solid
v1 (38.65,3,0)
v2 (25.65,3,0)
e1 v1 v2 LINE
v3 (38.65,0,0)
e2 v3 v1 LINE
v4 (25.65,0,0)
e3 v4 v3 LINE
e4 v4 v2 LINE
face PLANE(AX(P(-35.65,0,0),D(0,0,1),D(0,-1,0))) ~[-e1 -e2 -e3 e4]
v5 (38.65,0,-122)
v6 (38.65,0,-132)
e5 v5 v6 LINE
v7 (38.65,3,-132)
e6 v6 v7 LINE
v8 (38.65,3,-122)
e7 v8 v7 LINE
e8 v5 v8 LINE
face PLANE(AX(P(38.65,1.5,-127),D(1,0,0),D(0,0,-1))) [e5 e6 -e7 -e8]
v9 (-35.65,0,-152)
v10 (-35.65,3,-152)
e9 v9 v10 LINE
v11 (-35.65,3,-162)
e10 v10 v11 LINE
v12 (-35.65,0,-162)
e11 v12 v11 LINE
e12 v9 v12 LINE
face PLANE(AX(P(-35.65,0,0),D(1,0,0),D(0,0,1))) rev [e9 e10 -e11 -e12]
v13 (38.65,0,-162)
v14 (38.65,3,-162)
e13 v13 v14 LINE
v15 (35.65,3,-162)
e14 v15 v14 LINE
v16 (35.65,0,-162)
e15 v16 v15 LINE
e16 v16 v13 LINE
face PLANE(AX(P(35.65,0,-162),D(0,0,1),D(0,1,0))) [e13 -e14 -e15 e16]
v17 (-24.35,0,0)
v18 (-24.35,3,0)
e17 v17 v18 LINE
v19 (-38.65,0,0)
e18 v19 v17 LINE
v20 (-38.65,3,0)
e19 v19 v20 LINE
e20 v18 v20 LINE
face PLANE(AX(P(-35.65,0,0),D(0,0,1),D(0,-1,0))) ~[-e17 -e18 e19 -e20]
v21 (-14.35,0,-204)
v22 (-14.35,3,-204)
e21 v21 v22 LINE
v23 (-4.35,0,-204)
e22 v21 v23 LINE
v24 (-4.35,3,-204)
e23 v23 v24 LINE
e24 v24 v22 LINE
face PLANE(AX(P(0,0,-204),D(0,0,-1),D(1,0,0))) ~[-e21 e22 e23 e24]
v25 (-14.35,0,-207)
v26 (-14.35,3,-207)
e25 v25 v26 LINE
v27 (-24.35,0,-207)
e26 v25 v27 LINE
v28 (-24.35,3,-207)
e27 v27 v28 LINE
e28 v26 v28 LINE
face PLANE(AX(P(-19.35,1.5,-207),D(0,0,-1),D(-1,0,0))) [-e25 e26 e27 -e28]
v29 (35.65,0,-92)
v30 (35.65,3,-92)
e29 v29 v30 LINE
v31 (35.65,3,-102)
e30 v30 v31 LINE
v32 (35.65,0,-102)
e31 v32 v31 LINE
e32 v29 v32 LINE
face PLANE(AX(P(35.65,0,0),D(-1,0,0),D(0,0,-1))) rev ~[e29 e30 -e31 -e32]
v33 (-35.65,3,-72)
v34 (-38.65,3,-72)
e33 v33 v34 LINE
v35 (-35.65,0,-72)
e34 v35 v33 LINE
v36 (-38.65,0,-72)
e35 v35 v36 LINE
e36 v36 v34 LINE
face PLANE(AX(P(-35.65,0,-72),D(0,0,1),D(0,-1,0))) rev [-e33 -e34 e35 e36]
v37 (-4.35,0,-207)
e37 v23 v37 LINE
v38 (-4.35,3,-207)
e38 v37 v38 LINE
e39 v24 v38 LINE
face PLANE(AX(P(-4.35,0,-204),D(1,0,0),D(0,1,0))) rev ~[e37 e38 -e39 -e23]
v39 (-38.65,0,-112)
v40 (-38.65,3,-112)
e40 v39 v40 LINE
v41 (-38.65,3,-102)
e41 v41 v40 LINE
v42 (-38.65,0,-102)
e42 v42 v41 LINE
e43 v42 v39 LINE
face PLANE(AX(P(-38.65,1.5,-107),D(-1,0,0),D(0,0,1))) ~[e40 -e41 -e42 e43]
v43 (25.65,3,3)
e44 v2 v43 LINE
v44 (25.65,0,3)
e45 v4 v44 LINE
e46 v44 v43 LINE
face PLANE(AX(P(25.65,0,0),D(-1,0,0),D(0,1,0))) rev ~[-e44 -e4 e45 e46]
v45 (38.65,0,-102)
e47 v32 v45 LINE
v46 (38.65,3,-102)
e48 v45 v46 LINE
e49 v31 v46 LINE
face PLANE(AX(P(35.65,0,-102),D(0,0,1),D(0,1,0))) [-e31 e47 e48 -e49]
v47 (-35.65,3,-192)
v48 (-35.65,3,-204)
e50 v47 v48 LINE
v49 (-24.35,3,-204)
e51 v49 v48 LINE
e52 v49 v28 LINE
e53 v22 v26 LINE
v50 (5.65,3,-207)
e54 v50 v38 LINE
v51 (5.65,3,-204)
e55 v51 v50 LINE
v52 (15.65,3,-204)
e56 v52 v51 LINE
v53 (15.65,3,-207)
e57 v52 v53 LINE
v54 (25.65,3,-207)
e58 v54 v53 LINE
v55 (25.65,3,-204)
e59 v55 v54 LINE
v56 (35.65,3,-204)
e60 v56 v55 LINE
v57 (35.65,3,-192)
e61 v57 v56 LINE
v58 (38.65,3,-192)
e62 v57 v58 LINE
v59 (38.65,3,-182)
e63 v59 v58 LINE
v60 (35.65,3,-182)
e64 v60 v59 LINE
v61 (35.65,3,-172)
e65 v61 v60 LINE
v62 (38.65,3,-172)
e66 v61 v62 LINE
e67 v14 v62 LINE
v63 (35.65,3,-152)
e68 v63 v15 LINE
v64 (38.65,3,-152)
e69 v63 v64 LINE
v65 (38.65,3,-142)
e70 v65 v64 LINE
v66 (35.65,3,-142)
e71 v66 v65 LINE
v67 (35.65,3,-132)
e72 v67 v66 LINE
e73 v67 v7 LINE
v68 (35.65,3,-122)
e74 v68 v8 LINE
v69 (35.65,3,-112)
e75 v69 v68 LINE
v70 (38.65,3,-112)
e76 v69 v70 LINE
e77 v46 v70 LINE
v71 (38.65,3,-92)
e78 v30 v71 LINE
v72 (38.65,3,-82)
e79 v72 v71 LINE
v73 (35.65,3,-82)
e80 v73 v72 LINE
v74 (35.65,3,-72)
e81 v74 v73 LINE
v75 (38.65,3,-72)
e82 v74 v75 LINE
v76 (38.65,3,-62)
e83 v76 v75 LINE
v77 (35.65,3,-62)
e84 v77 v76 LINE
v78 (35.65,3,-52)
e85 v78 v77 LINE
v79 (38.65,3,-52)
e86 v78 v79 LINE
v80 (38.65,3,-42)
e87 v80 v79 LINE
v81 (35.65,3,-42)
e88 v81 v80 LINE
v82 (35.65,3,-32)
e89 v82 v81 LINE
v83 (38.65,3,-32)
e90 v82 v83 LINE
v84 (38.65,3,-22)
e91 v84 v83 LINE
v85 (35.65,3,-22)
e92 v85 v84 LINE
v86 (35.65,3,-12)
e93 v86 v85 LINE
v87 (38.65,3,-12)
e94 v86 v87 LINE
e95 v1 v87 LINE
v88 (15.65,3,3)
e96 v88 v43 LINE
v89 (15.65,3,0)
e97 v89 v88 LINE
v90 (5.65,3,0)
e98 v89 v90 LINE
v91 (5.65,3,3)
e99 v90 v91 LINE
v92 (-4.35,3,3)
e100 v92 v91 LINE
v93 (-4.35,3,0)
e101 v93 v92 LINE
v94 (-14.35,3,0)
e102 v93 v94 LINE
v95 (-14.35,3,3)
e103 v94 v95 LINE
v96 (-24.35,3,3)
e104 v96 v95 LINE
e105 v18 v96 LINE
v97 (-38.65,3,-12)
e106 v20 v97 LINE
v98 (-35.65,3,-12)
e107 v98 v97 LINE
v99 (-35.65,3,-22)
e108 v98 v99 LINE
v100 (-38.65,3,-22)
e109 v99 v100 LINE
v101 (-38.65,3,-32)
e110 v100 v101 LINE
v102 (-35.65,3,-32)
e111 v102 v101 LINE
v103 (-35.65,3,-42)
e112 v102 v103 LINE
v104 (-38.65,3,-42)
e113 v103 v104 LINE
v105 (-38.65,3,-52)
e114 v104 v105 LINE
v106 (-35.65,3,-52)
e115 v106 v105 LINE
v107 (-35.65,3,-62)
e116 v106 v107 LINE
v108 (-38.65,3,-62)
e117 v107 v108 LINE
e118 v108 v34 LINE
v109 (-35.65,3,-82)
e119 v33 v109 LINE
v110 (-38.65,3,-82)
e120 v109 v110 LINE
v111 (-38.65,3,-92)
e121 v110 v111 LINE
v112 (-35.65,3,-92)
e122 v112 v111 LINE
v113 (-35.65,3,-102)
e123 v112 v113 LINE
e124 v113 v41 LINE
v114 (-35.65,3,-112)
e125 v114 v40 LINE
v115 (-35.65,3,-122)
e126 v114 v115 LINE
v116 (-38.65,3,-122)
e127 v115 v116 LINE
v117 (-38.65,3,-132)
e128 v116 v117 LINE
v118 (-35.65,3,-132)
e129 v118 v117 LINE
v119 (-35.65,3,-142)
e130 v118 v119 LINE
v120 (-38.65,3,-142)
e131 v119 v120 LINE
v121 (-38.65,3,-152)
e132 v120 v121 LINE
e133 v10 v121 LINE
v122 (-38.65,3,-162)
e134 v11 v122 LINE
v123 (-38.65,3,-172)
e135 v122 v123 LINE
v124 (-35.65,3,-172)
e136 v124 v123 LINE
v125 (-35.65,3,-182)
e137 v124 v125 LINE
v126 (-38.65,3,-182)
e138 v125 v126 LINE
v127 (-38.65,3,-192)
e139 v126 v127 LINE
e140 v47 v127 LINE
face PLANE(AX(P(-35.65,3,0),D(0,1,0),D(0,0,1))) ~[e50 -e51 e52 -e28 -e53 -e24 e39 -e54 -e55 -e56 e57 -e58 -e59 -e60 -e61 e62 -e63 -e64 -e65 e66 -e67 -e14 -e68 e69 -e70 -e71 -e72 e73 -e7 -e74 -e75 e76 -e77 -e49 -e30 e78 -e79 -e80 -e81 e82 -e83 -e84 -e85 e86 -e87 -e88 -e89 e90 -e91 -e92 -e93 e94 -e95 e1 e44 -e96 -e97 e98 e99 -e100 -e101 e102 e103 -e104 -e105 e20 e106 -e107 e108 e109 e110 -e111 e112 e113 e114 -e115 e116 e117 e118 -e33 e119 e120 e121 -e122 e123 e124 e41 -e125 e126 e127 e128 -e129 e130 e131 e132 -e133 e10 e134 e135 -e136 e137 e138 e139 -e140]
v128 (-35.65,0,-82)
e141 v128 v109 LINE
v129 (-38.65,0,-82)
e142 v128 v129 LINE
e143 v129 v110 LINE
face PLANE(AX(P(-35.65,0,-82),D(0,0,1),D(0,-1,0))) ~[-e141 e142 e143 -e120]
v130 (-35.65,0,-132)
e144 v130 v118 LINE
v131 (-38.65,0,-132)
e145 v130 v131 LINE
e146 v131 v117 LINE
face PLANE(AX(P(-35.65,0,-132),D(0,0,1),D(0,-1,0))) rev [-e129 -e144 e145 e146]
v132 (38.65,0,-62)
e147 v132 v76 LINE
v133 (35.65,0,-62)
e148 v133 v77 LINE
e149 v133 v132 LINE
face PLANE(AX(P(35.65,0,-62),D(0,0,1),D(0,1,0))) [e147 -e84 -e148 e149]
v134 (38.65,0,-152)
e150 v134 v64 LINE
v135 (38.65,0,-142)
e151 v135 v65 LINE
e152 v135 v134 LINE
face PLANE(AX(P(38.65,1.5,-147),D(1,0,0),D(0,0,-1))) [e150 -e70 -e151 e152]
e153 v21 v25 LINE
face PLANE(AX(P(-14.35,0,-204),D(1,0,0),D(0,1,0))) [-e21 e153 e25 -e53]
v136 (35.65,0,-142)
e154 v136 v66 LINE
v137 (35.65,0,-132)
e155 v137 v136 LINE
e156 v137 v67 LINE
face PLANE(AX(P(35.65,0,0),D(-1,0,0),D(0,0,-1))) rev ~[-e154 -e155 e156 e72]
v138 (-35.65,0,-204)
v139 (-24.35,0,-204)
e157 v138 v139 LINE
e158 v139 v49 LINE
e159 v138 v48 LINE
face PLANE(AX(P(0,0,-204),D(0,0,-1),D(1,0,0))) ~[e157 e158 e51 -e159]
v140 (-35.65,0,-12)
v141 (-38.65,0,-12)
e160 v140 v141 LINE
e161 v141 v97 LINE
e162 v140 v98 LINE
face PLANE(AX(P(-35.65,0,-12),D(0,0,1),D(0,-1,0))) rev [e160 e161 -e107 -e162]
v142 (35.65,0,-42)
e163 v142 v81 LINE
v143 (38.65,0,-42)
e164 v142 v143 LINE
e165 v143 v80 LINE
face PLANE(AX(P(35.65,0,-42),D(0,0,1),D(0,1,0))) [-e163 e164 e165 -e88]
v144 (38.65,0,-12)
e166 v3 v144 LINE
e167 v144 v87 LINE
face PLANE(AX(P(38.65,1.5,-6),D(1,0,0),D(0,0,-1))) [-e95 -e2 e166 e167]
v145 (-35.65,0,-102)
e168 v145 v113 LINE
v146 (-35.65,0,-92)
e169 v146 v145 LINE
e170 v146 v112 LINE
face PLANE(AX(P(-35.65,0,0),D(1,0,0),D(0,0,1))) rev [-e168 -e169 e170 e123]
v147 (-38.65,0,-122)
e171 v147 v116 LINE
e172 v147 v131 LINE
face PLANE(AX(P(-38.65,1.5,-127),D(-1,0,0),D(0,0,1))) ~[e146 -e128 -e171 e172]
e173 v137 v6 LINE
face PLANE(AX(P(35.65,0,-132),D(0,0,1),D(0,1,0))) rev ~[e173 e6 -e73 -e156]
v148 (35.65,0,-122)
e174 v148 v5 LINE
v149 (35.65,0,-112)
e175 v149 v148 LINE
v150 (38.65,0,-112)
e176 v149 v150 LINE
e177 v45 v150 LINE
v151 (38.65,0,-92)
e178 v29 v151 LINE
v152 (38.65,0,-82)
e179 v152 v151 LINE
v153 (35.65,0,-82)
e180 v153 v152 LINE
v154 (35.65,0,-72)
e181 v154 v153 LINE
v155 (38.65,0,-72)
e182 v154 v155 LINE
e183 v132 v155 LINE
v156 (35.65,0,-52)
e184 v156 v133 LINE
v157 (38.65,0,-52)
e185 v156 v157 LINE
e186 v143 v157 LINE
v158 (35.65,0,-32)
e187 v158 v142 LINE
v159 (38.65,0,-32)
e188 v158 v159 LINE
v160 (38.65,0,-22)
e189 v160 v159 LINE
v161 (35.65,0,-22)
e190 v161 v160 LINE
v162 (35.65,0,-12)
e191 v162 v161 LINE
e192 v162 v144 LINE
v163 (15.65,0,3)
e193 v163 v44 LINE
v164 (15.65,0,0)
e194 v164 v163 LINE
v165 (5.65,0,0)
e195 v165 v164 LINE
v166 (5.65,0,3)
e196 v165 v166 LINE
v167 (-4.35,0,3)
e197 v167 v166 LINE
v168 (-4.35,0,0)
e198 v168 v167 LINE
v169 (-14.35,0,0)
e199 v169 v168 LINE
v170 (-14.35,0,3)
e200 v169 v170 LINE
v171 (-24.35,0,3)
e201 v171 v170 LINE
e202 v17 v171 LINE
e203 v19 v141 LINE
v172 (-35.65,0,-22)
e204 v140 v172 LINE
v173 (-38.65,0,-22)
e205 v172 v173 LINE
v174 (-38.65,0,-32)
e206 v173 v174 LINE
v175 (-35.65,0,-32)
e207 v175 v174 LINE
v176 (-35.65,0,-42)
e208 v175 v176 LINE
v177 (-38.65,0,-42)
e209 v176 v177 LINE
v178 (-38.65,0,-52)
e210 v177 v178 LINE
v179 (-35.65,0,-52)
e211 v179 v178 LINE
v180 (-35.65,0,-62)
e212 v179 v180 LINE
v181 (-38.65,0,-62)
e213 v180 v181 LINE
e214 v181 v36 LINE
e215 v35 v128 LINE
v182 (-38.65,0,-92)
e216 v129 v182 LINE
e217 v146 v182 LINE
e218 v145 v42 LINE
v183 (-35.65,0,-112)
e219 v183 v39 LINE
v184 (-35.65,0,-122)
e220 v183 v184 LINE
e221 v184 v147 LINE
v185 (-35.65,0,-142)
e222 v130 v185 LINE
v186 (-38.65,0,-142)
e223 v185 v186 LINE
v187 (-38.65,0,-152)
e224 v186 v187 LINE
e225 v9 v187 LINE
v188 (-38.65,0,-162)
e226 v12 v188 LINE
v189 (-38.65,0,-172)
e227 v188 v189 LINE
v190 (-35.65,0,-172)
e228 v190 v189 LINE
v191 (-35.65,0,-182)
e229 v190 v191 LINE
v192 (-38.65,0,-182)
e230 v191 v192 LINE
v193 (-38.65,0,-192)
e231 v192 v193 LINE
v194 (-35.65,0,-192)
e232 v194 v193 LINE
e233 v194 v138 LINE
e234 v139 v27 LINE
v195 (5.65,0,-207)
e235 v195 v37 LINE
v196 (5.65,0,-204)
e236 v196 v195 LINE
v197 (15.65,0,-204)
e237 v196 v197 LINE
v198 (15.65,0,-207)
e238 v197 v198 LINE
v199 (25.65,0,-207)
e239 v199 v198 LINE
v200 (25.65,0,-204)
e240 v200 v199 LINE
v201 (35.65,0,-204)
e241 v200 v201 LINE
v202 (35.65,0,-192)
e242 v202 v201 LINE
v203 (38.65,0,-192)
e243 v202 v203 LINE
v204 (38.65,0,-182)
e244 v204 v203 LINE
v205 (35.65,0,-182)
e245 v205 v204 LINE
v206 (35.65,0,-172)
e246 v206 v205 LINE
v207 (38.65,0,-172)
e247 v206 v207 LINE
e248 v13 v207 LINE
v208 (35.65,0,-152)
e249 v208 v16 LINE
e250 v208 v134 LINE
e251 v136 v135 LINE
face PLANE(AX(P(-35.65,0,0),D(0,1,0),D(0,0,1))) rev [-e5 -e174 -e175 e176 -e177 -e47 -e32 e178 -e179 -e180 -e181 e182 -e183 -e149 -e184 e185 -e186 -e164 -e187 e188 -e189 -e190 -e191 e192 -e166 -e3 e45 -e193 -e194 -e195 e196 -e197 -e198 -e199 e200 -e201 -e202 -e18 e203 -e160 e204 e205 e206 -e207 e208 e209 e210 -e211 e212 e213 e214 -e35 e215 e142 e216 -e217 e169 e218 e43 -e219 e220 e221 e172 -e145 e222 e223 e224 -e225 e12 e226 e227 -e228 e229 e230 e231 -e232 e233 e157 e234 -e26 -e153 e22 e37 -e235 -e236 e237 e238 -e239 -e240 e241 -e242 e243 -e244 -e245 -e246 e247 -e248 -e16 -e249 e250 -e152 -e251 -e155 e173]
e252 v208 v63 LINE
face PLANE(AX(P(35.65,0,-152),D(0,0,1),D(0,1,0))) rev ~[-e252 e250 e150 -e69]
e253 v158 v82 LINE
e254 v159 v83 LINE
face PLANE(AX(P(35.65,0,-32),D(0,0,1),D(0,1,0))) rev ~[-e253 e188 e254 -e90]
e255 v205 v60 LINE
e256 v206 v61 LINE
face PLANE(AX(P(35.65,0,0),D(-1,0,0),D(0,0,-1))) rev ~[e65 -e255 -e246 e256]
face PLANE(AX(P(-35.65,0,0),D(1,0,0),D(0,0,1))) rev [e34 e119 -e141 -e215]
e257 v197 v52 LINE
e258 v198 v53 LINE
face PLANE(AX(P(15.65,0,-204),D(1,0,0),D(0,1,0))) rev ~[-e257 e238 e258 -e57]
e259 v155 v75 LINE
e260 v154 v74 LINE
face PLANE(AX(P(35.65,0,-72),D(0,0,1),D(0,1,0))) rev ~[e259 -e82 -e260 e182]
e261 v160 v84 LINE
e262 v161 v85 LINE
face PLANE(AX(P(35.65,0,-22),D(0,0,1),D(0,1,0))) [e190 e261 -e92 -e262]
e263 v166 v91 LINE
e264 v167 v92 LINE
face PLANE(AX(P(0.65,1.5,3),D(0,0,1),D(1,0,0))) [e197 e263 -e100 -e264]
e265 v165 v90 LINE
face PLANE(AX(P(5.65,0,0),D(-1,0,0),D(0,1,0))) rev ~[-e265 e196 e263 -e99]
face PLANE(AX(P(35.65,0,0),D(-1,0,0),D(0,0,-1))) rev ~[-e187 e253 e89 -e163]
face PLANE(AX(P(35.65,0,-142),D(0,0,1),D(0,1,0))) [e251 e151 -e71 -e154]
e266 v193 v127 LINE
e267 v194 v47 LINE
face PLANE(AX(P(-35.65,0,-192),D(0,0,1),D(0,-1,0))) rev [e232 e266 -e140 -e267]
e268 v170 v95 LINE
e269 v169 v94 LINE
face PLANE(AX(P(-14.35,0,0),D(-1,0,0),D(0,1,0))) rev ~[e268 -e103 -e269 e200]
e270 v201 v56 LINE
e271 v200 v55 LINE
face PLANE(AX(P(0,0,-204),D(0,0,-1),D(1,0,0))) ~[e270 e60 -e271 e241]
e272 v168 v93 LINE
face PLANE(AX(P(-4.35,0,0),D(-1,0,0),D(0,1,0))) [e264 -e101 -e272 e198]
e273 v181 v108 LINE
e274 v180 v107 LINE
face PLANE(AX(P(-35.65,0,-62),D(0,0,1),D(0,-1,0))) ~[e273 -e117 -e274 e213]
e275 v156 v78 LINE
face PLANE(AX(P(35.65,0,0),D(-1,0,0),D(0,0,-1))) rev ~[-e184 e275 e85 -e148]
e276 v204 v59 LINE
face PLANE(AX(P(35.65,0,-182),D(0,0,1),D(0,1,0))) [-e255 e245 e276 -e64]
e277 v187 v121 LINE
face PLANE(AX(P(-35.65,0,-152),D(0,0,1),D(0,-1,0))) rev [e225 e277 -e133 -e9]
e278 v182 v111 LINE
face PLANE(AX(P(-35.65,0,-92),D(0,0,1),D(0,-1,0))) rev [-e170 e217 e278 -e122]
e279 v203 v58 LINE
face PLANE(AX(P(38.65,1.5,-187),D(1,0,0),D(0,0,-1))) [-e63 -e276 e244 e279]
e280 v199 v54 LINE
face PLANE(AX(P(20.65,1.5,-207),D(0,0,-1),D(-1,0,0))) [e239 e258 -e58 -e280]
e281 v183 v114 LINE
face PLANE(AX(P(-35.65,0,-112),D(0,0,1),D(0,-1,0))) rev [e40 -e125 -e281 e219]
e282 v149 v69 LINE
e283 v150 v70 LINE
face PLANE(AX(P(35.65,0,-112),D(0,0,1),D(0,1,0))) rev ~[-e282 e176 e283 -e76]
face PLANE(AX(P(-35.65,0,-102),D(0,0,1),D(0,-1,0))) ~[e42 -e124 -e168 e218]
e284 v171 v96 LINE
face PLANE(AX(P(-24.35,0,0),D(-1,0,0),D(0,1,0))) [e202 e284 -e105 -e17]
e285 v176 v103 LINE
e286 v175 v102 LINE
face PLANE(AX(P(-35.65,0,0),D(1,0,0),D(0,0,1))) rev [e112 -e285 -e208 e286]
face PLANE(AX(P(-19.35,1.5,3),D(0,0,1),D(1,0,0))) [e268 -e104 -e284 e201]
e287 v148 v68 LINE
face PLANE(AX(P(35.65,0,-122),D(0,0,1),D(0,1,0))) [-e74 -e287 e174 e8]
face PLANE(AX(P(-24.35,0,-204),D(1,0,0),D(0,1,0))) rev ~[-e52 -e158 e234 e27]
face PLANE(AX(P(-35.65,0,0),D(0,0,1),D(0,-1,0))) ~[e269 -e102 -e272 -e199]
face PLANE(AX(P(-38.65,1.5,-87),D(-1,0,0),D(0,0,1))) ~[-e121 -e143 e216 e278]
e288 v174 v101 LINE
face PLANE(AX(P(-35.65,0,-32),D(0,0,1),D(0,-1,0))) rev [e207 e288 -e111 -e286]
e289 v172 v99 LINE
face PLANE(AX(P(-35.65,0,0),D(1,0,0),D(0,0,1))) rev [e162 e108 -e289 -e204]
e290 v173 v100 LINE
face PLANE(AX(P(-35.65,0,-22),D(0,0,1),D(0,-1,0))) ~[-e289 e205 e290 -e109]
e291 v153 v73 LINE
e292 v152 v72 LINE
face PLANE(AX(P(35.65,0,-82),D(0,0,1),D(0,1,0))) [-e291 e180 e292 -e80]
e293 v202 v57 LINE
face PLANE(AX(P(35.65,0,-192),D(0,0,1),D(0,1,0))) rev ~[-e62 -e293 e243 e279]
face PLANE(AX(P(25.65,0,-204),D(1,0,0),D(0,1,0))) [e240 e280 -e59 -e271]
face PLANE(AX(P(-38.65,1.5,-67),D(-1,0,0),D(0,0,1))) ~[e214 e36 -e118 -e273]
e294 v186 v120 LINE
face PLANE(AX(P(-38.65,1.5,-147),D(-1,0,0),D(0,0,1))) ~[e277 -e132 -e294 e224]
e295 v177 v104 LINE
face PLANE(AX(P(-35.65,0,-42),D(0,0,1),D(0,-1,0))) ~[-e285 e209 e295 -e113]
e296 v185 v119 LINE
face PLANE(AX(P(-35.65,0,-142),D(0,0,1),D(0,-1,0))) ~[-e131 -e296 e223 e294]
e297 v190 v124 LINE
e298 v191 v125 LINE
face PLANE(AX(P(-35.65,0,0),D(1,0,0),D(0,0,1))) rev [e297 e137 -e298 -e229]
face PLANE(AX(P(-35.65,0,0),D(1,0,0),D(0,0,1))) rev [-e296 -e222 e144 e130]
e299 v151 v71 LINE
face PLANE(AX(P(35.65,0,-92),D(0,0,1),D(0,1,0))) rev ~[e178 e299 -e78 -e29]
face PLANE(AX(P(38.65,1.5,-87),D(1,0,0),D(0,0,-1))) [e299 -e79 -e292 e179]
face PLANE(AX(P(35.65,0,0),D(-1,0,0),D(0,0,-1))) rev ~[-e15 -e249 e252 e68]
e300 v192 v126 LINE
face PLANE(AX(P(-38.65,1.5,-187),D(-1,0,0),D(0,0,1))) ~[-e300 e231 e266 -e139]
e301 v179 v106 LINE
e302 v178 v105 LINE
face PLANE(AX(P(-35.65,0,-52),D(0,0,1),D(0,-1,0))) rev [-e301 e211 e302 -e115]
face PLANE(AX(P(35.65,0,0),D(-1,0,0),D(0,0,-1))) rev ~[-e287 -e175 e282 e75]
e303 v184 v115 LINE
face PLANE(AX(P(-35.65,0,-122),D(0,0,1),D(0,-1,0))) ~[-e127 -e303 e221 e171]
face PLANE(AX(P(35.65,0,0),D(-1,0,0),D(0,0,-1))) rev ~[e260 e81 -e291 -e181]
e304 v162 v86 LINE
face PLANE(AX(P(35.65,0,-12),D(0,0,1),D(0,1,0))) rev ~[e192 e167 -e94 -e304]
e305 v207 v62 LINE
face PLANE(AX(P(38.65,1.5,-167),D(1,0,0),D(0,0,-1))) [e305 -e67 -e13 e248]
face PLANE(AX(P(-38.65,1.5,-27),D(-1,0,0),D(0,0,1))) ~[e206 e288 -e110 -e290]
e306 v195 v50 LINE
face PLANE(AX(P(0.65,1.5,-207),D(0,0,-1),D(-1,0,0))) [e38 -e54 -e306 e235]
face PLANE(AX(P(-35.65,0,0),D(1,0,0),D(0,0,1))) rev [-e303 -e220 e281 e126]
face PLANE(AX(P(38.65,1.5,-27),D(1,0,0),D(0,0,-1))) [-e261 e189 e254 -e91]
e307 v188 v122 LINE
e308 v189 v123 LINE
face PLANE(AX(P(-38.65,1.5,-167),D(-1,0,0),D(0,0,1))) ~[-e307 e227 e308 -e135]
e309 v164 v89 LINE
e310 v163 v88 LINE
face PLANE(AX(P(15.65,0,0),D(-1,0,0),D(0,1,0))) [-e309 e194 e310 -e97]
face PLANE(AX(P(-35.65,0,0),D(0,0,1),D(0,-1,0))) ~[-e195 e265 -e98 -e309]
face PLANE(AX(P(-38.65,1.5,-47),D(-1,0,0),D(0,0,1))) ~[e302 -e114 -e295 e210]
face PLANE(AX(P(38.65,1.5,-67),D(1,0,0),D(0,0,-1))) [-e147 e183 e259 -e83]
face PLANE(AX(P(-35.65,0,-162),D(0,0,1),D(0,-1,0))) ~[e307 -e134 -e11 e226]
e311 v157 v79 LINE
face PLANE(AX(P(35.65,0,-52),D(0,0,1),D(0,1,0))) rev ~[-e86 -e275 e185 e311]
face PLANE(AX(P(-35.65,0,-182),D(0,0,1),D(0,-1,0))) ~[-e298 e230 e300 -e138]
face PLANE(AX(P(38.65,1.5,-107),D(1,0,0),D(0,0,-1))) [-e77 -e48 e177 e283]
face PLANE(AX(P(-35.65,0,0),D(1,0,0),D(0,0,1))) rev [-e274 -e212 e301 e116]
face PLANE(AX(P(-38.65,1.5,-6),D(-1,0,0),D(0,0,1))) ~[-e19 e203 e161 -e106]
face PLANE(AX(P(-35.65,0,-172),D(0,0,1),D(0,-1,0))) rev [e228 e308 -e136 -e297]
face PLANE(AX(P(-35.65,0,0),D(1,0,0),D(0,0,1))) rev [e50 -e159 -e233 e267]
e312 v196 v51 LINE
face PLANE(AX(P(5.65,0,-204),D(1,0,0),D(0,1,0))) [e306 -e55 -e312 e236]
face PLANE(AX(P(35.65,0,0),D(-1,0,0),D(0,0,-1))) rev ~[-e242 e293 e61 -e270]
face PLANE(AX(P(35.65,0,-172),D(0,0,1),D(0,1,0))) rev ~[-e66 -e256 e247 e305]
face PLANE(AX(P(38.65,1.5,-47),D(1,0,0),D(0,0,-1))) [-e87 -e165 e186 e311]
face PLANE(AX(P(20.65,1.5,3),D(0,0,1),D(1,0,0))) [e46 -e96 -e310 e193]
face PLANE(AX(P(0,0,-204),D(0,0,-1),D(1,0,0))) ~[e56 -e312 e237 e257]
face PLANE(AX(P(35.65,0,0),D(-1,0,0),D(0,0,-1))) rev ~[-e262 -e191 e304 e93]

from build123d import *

# Parameters (mm, degrees)
SKETCH1_W           = 35.65
SKETCH1_H           = 204
BOSS_EXTRUDE1_DEPTH = 3
SKETCH2_W           = 12
SKETCH2_H           = 3
SKETCH2_W_2         = 10
BOSS_EXTRUDE2_DEPTH = 3
ESQUISSE1_W         = 10
ESQUISSE1_H         = 3
BOSS_EXTRU_1_DEPTH  = 3
ESQUISSE2_W         = 10
ESQUISSE2_H         = 3
BOSS_EXTRU_2_DEPTH  = 3


with BuildPart() as part:
    # Sketch1 → Boss-Extrude1 (new body)
    with BuildSketch(Plane(origin=(0, 0, 0), x_dir=(1, 0, 0), z_dir=(0, 1, 0))):
        with Locations((17.825, 102)):
            Rectangle(SKETCH1_W, SKETCH1_H)
    boss_extrude1 = extrude(amount=BOSS_EXTRUDE1_DEPTH)

    # Sketch2 → Boss-Extrude2 (add)
    with BuildSketch(Plane(origin=(35.65, 0, 0), x_dir=(0, 0, -1), z_dir=(1, 0, 0))):
        with Locations((6, 1.5)):
            Rectangle(SKETCH2_W, SKETCH2_H)
        with Locations((27, 1.5)):
            Rectangle(SKETCH2_W_2, SKETCH2_H)
        with Locations((47, 1.5)):
            Rectangle(SKETCH2_W_2, SKETCH2_H)
        with Locations((67, 1.5)):
            Rectangle(SKETCH2_W_2, SKETCH2_H)
        with Locations((87, 1.5)):
            Rectangle(SKETCH2_W_2, SKETCH2_H)
        with Locations((107, 1.5)):
            Rectangle(SKETCH2_W_2, SKETCH2_H)
        with Locations((127, 1.5)):
            Rectangle(SKETCH2_W_2, SKETCH2_H)
        with Locations((147, 1.5)):
            Rectangle(SKETCH2_W_2, SKETCH2_H)
        with Locations((167, 1.5)):
            Rectangle(SKETCH2_W_2, SKETCH2_H)
        with Locations((187, 1.5)):
            Rectangle(SKETCH2_W_2, SKETCH2_H)
    boss_extrude2 = extrude(amount=BOSS_EXTRUDE2_DEPTH)

    # Mirror1: Boss-Extrude1, Boss-Extrude2 across plane
    add(boss_extrude1.mirror(Plane(origin=(0, 0, 0), x_dir=(0, 0, 1), z_dir=(1, 0, 0))))
    add(boss_extrude2.mirror(Plane(origin=(0, 0, 0), x_dir=(0, 0, 1), z_dir=(1, 0, 0))))

    # Esquisse1 → Boss.-Extru.1 (add)
    with BuildSketch(Plane(origin=(0, 0, -204), x_dir=(-1, 0, 0), z_dir=(0, 0, -1))):
        with Locations((-20.65, 1.5)):
            Rectangle(ESQUISSE1_W, ESQUISSE1_H)
        with Locations((-0.65, 1.5)):
            Rectangle(ESQUISSE1_W, ESQUISSE1_H)
        with Locations((19.35, 1.5)):
            Rectangle(ESQUISSE1_W, ESQUISSE1_H)
    extrude(amount=BOSS_EXTRU_1_DEPTH)

    # Esquisse2 → Boss.-Extru.2 (add)
    with BuildSketch(Plane.XY):
        with Locations((-19.35, 1.5)):
            Rectangle(ESQUISSE2_W, ESQUISSE2_H)
        with Locations((0.65, 1.5)):
            Rectangle(ESQUISSE2_W, ESQUISSE2_H)
        with Locations((20.65, 1.5)):
            Rectangle(ESQUISSE2_W, ESQUISSE2_H)
    extrude(amount=BOSS_EXTRU_2_DEPTH)


solid = part.part
